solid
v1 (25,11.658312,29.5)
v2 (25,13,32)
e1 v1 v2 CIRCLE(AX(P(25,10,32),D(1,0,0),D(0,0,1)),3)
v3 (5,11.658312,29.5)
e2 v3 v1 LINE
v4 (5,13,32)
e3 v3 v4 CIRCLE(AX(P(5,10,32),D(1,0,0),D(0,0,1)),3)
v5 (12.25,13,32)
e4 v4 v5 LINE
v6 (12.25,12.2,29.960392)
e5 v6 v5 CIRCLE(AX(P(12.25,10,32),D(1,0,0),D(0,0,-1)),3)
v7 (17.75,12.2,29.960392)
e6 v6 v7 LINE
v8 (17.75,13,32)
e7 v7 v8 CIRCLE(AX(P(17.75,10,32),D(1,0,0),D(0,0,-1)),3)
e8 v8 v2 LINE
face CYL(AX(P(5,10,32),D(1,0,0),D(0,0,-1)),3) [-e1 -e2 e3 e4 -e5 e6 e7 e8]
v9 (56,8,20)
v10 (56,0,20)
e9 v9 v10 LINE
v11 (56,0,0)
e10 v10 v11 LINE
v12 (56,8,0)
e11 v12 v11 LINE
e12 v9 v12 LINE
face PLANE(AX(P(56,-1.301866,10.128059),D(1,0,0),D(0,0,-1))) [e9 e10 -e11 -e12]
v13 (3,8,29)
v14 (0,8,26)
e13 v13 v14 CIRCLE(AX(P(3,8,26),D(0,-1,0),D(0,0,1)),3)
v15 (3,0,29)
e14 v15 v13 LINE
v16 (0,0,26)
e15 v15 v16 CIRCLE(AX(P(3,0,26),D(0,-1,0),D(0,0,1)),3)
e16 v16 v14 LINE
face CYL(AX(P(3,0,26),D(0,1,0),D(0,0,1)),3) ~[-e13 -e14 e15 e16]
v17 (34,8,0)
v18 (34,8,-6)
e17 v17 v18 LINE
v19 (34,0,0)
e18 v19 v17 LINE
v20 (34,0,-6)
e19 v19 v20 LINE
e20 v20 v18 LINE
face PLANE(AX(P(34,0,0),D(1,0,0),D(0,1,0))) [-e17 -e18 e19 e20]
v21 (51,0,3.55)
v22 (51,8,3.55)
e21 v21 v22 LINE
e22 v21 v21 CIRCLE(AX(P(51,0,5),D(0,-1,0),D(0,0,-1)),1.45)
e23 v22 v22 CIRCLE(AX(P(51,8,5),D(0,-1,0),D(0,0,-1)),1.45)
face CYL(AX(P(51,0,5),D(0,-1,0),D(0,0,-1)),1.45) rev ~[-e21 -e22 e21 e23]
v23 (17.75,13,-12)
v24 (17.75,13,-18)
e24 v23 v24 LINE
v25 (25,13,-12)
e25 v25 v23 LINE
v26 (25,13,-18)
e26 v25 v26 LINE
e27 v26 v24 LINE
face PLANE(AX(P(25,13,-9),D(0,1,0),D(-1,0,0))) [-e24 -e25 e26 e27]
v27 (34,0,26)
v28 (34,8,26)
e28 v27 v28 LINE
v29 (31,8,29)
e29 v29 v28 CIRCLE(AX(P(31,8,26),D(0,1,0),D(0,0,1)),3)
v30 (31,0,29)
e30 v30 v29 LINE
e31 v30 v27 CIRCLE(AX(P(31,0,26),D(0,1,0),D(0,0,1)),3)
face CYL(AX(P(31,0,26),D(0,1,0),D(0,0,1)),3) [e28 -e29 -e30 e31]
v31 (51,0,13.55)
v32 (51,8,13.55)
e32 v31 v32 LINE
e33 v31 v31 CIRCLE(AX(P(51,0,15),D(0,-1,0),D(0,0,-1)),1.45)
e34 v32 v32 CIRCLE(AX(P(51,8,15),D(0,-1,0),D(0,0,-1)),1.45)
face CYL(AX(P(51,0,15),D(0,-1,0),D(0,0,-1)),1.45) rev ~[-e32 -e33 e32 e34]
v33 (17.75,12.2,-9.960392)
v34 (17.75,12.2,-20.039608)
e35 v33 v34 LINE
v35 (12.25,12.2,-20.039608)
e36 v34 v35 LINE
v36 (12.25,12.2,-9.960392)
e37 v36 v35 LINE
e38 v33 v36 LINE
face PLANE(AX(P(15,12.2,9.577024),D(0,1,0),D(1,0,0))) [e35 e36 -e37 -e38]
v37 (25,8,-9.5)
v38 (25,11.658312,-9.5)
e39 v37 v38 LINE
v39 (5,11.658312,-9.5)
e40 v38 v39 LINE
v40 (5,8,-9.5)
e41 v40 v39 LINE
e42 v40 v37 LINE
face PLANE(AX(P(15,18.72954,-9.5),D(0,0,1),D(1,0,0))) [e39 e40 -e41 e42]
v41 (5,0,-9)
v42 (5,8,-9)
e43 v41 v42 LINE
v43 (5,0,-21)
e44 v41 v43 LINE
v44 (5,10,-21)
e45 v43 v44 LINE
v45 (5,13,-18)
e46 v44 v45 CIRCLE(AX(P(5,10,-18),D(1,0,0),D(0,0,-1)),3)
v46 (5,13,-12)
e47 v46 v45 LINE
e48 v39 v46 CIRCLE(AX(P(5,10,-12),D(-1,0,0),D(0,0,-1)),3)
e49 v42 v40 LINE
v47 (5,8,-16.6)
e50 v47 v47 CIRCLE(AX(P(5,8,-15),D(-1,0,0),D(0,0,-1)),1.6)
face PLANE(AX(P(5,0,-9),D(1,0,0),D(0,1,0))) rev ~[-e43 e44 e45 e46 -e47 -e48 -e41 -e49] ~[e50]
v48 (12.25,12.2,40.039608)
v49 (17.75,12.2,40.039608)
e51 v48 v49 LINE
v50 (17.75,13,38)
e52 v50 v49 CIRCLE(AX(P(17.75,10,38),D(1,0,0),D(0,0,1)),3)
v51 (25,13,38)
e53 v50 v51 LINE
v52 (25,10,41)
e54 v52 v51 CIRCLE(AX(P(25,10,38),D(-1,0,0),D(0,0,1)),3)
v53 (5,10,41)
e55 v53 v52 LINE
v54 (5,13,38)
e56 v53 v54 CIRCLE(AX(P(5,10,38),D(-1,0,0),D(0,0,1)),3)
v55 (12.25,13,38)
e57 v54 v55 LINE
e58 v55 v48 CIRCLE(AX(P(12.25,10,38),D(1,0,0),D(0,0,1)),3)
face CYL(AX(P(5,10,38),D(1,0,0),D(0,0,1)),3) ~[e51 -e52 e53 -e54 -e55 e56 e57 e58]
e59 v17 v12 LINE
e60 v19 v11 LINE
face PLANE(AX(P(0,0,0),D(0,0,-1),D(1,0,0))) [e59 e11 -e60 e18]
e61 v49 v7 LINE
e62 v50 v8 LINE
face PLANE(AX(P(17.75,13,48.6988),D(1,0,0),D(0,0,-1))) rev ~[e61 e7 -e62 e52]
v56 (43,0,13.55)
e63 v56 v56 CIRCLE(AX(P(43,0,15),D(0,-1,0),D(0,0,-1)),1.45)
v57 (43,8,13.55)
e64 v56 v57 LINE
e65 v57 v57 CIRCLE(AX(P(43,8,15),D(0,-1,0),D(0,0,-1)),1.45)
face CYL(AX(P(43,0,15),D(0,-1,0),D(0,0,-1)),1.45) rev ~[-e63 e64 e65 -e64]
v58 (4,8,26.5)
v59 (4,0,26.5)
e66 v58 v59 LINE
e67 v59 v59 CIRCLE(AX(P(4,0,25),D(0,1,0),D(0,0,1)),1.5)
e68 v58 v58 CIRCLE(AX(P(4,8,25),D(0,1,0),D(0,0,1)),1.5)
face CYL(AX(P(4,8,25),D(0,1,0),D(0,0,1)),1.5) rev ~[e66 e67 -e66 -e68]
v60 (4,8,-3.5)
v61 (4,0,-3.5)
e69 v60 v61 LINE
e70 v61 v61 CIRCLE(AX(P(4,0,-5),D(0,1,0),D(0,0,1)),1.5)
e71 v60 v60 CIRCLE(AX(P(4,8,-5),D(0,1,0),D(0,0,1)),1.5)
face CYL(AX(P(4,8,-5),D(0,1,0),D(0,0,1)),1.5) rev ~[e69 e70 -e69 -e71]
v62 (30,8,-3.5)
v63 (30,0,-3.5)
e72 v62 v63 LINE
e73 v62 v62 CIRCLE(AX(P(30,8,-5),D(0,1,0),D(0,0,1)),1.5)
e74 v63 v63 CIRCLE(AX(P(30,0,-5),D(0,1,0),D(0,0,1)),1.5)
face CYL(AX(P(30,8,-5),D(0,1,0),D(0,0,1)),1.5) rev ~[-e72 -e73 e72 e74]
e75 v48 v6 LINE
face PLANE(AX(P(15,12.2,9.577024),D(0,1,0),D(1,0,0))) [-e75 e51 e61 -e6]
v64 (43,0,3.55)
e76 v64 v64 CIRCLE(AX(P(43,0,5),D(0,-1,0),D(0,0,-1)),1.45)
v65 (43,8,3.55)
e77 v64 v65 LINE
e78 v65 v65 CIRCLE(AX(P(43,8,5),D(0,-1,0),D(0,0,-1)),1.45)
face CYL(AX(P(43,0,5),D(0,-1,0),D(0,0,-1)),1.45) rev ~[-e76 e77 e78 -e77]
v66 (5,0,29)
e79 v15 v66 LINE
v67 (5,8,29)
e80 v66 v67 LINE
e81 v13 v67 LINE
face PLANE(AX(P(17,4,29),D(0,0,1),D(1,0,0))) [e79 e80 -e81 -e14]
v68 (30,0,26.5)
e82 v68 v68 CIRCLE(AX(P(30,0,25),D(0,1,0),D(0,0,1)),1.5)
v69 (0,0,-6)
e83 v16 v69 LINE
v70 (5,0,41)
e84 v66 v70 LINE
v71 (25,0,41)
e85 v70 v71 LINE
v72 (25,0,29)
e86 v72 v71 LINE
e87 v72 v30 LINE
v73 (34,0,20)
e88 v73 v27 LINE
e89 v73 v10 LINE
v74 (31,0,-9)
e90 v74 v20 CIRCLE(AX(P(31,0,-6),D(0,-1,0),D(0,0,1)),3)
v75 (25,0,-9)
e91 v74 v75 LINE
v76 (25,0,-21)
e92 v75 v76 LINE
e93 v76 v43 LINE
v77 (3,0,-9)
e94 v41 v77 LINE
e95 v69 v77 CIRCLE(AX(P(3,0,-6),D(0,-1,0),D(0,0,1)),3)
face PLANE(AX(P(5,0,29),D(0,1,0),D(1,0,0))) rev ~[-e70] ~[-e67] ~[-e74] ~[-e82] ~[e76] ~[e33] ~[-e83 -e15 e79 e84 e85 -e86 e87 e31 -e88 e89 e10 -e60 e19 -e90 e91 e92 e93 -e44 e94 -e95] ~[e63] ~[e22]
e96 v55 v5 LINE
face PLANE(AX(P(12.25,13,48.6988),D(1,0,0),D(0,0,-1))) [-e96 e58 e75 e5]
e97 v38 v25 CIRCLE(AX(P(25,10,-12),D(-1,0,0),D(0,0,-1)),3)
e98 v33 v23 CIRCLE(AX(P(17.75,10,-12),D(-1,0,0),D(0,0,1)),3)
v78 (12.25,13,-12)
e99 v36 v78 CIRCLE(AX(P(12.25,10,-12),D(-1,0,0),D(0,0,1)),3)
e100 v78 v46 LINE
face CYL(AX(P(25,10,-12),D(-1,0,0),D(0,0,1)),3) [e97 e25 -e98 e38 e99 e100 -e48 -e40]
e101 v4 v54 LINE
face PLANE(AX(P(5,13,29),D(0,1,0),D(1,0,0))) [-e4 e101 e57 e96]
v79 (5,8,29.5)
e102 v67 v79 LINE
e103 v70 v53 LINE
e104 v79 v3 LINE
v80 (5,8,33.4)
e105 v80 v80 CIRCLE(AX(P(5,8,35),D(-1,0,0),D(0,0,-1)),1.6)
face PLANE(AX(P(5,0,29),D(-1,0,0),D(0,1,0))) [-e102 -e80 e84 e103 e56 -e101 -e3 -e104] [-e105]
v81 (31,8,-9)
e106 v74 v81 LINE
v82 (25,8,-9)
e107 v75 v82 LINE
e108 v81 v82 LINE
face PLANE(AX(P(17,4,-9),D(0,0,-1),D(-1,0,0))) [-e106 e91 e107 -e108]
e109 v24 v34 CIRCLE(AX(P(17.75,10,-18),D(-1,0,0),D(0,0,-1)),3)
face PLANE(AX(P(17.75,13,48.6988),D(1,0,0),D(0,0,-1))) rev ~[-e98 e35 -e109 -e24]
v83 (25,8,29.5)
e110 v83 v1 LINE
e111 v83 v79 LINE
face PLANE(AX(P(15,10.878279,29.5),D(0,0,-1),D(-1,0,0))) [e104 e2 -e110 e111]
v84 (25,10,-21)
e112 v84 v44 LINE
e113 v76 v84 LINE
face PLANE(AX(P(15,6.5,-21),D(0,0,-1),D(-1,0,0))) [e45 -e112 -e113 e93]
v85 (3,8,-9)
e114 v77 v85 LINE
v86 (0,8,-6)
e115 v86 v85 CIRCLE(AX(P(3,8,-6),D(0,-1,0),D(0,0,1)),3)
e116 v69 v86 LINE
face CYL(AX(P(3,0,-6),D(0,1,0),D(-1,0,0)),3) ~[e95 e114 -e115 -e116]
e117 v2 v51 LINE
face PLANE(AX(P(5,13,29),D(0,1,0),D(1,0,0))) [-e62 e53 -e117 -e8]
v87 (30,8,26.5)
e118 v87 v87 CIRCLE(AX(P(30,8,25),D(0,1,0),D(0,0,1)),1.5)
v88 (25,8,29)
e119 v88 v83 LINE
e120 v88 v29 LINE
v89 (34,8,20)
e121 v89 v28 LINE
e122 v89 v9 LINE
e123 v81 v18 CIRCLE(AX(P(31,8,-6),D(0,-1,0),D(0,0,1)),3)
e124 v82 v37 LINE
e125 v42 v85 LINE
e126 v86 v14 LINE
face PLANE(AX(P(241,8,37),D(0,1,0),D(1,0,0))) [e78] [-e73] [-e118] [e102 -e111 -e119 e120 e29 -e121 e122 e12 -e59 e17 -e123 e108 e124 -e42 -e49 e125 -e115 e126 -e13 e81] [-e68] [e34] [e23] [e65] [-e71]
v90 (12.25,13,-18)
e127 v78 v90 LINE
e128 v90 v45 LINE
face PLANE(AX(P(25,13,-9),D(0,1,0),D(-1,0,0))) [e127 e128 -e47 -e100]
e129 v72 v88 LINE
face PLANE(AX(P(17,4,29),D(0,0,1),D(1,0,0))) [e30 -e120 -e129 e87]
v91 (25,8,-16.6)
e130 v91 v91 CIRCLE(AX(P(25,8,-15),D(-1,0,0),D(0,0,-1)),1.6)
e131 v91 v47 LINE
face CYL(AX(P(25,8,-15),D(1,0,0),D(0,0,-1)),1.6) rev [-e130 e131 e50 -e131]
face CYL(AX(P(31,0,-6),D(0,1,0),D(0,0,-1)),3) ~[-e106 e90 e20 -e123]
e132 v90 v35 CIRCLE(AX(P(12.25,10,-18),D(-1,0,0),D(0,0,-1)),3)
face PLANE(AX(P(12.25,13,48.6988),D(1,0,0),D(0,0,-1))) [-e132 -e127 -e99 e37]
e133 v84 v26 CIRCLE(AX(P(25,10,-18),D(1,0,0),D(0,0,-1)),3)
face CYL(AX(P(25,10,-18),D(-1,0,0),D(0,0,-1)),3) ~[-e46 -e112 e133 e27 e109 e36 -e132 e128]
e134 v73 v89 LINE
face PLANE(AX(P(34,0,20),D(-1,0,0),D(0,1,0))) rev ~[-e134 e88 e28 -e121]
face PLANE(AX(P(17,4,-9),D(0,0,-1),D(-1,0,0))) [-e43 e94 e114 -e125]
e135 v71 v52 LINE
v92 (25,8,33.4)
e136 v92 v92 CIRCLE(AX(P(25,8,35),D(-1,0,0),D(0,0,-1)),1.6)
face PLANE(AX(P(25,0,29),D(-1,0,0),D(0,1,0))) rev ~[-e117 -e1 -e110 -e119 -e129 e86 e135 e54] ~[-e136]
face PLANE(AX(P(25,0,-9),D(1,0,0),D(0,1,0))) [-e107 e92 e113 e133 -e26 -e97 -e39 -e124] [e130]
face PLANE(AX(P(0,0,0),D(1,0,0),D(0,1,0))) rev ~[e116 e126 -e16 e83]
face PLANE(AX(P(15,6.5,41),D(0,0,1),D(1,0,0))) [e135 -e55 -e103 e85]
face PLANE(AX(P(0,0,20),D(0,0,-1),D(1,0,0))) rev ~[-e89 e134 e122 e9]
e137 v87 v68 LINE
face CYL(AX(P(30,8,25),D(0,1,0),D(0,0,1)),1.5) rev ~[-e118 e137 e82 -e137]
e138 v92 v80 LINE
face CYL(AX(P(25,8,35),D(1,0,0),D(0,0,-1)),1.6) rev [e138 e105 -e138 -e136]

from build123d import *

# Parameters (mm, degrees)
SKETCH1_W            = 300
SKETCH1_H            = 20
BOSS_EXTRUDE1_DEPTH  = 8
SKETCH2_W            = 34
SKETCH2_H            = 8
BOSS_EXTRUDE2_DEPTH  = 9
SKETCH3_W            = 34
SKETCH3_H            = 8
BOSS_EXTRUDE3_DEPTH  = 9
SKETCH4_R            = 1.5
CUT_EXTRUDE1_DEPTH   = 302.504560496
SKETCH5_W            = 25
SKETCH5_H            = 8
BOSS_EXTRUDE4_DEPTH  = 17
SKETCH6_W            = 25
SKETCH6_H            = 8
BOSS_EXTRUDE5_DEPTH  = 17
SKETCH7_W            = 10
SKETCH7_H            = 38
CUT_EXTRUDE2_DEPTH   = 303.37890138
SKETCH8_W            = 7
SKETCH8_H            = 16
CUT_EXTRUDE3_DEPTH   = 4
CUT_EXTRUDE4_DEPTH   = 7
BOSS_EXTRUDE6_DEPTH  = 10
SKETCH12_W           = 8
SKETCH12_H           = 8
BOSS_EXTRUDE7_DEPTH  = 17
SKETCH13_R           = 1.7
CUT_EXTRUDE6_DEPTH   = 305.926220585
SKETCH14_W           = 20
SKETCH14_H           = 13
BOSS_EXTRUDE8_DEPTH  = 12
SKETCH15_R           = 1.6
CUT_EXTRUDE7_DEPTH   = 20
SKETCH16_W           = 20
SKETCH16_H           = 13
BOSS_EXTRUDE9_DEPTH  = 12
SKETCH17_R           = 1.6
CUT_EXTRUDE8_DEPTH   = 20
SKETCH18_W           = 20
SKETCH18_H           = 13
BOSS_EXTRUDE10_DEPTH = 12
CUT_EXTRUDE9_START   = -20
SKETCH19_R           = 1.6
CUT_EXTRUDE9_DEPTH   = 20
SKETCH20_W           = 20
SKETCH20_H           = 13
BOSS_EXTRUDE11_DEPTH = 12
CUT_EXTRUDE10_START  = -20
SKETCH21_R           = 1.6
CUT_EXTRUDE10_DEPTH  = 20
FILLET6_R            = 3
SKETCH22_W           = 123.750788161
SKETCH22_H           = 72.639217631
CUT_EXTRUDE11_DEPTH  = 244
SKETCH23_R           = 1.45
CUT_EXTRUDE12_DEPTH  = 71.611613776
FILLET7_R            = 3
SKETCH24_W           = 5.5
SKETCH24_H           = 78.243551934
CUT_EXTRUDE13_DEPTH  = 0.8
SKETCH25_W           = 20
SKETCH25_H           = 5.75655834
CUT_EXTRUDE14_DEPTH  = 0.5
SKETCH26_W           = 20
SKETCH26_H           = 21.459079842
CUT_EXTRUDE15_DEPTH  = 0.5


with BuildPart() as part:
    # Sketch1 → Boss-Extrude1 (new body)
    with BuildSketch(Plane(origin=(0, 0, 0), x_dir=(1, 0, 0), z_dir=(0, 1, 0))):
        with Locations((150, -10)):
            Rectangle(SKETCH1_W, SKETCH1_H)
    extrude(amount=BOSS_EXTRUDE1_DEPTH)

    # Sketch2 → Boss-Extrude2 (add)
    with BuildSketch(Plane.XY.offset(20)):
        with Locations((17, 4)):
            Rectangle(SKETCH2_W, SKETCH2_H)
        with Locations((283, 4)):
            Rectangle(SKETCH2_W, SKETCH2_H)
    extrude(amount=BOSS_EXTRUDE2_DEPTH)

    # Sketch3 → Boss-Extrude3 (add)
    with BuildSketch(Plane(origin=(0, 0, 0), x_dir=(-1, 0, 0), z_dir=(0, 0, -1))):
        with Locations((-17, 4)):
            Rectangle(SKETCH3_W, SKETCH3_H)
        with Locations((-283, 4)):
            Rectangle(SKETCH3_W, SKETCH3_H)
    extrude(amount=BOSS_EXTRUDE3_DEPTH)

    # Sketch4 → Cut-Extrude1 (cut, through all)
    with BuildSketch(Plane(origin=(0, 8, 0), x_dir=(1, 0, 0), z_dir=(0, 1, 0))):
        with Locations(Location((4, 5, 0), (0, 0, 270))):
            Circle(SKETCH4_R)
        with Locations(Location((30, 5, 0), (0, 0, 270))):
            Circle(SKETCH4_R)
        with Locations(Location((30, -25, 0), (0, 0, 270))):
            Circle(SKETCH4_R)
        with Locations(Location((4, -25, 0), (0, 0, 270))):
            Circle(SKETCH4_R)
        with Locations(Location((296, -25, 0), (0, 0, 270))):
            Circle(SKETCH4_R)
        with Locations(Location((296, 5, 0), (0, 0, 270))):
            Circle(SKETCH4_R)
        with Locations(Location((270, -25, 0), (0, 0, 270))):
            Circle(SKETCH4_R)
        with Locations(Location((270, 5, 0), (0, 0, 270))):
            Circle(SKETCH4_R)
    extrude(amount=-CUT_EXTRUDE1_DEPTH, mode=Mode.SUBTRACT)

    # Sketch5 → Boss-Extrude4 (add)
    with BuildSketch(Plane.XY.offset(20)):
        with Locations((253.5, 4)):
            Rectangle(SKETCH5_W, SKETCH5_H)
    extrude(amount=BOSS_EXTRUDE4_DEPTH)

    # Sketch6 → Boss-Extrude5 (add)
    with BuildSketch(Plane(origin=(0, 0, 0), x_dir=(-1, 0, 0), z_dir=(0, 0, -1))):
        with Locations((-253.5, 4)):
            Rectangle(SKETCH6_W, SKETCH6_H)
    extrude(amount=BOSS_EXTRUDE5_DEPTH)

    # Sketch7 → Cut-Extrude2 (cut, through all)
    with BuildSketch(Plane(origin=(0, 8, 0), x_dir=(1, 0, 0), z_dir=(0, 1, 0))):
        with Locations((254, -10)):
            Rectangle(SKETCH7_W, SKETCH7_H)
    extrude(amount=-CUT_EXTRUDE2_DEPTH, mode=Mode.SUBTRACT)

    # Sketch8 → Cut-Extrude3 (cut)
    with BuildSketch(Plane(origin=(0, 8, 0), x_dir=(1, 0, 0), z_dir=(0, 1, 0))):
        with Locations((262.5, -10)):
            Rectangle(SKETCH8_W, SKETCH8_H)
    extrude(amount=-CUT_EXTRUDE3_DEPTH, mode=Mode.SUBTRACT)

    # Sketch9 → Cut-Extrude4 (cut)
    with BuildSketch(Plane.ZY.offset(-259)):
        Polygon((18, 4), (22, 8), (18, 8), align=None)
        Polygon((2, 4), (-2, 8), (2, 8), align=None)
    extrude(amount=-CUT_EXTRUDE4_DEPTH, mode=Mode.SUBTRACT)

    # Sketch10 → Boss-Extrude6 (add)
    with BuildSketch(Plane.ZY.offset(-259)):
        Polygon((-2, 0), (-9, 8), (-9, 0), align=None)
        Polygon((29, 8), (22, 0), (29, 0), align=None)
    extrude(amount=BOSS_EXTRUDE6_DEPTH)

    # Sketch12 → Boss-Extrude7 (add)
    with BuildSketch(Plane.XY.offset(37)):
        with Locations((245, 4)):
            Rectangle(SKETCH12_W, SKETCH12_H)
    extrude(amount=BOSS_EXTRUDE7_DEPTH)

    # Sketch13 → Cut-Extrude6 (cut, through all)
    with BuildSketch(Plane(origin=(0, 8, 0), x_dir=(1, 0, 0), z_dir=(0, 1, 0))):
        with Locations(Location((245, -50, 0), (0, 0, 270))):
            Circle(SKETCH13_R)
        with Locations(Location((245, -18, 0), (0, 0, 270))):
            Circle(SKETCH13_R)
    extrude(amount=-CUT_EXTRUDE6_DEPTH, mode=Mode.SUBTRACT)

    # Sketch14 → Boss-Extrude8 (add)
    with BuildSketch(Plane.XY.offset(29)):
        with Locations((285, 6.5)):
            Rectangle(SKETCH14_W, SKETCH14_H)
    extrude(amount=BOSS_EXTRUDE8_DEPTH)

    # Sketch15 → Cut-Extrude7 (cut)
    with BuildSketch(Plane(origin=(295, 0, 0), x_dir=(0, 0, -1), z_dir=(1, 0, 0))):
        with Locations((-35, 8)):
            Circle(SKETCH15_R)
    extrude(amount=-CUT_EXTRUDE7_DEPTH, mode=Mode.SUBTRACT)

    # Sketch16 → Boss-Extrude9 (add)
    with BuildSketch(Plane(origin=(0, 0, -9), x_dir=(-1, 0, 0), z_dir=(0, 0, -1))):
        with Locations((-285, 6.5)):
            Rectangle(SKETCH16_W, SKETCH16_H)
    extrude(amount=BOSS_EXTRUDE9_DEPTH)

    # Sketch17 → Cut-Extrude8 (cut)
    with BuildSketch(Plane(origin=(295, 0, 0), x_dir=(0, 0, -1), z_dir=(1, 0, 0))):
        with Locations((15, 8)):
            Circle(SKETCH17_R)
    extrude(amount=-CUT_EXTRUDE8_DEPTH, mode=Mode.SUBTRACT)

    # Sketch18 → Boss-Extrude10 (add)
    with BuildSketch(Plane(origin=(0, 0, -9), x_dir=(-1, 0, 0), z_dir=(0, 0, -1))):
        with Locations((-15, 6.5)):
            Rectangle(SKETCH18_W, SKETCH18_H)
    extrude(amount=BOSS_EXTRUDE10_DEPTH)

    # Sketch19 → Cut-Extrude9 (cut)
    with BuildSketch(Plane.ZY.offset(-5).offset(CUT_EXTRUDE9_START)):
        with Locations(Location((-15, 8, 0), (0, 0, 180))):
            Circle(SKETCH19_R)
    extrude(amount=CUT_EXTRUDE9_DEPTH, mode=Mode.SUBTRACT)

    # Sketch20 → Boss-Extrude11 (add)
    with BuildSketch(Plane.XY.offset(29)):
        with Locations((15, 6.5)):
            Rectangle(SKETCH20_W, SKETCH20_H)
    extrude(amount=BOSS_EXTRUDE11_DEPTH)

    # Sketch21 → Cut-Extrude10 (cut)
    with BuildSketch(Plane.ZY.offset(-5).offset(CUT_EXTRUDE10_START)):
        with Locations(Location((35, 8, 0), (0, 0, 180))):
            Circle(SKETCH21_R)
    extrude(amount=CUT_EXTRUDE10_DEPTH, mode=Mode.SUBTRACT)

    # Fillet6
    fillet6_edges = [part.edges().sort_by_distance(p)[0] for p in [
        (285, 13, 29),
        (285, 13, 41),
        (285, 13, -9),
        (285, 13, -21),
        (15, 13, -9),
        (15, 13, -21),
        (15, 13, 29),
        (15, 13, 41),
    ]]
    fillet(fillet6_edges, radius=FILLET6_R)

    # Sketch22 → Cut-Extrude11 (cut)
    with BuildSketch(Plane(origin=(300, 0, 0), x_dir=(0, 0, -1), z_dir=(1, 0, 0))):
        with Locations((-10.128058827, -1.301866478)):
            Rectangle(SKETCH22_W, SKETCH22_H)
    extrude(amount=-CUT_EXTRUDE11_DEPTH, mode=Mode.SUBTRACT)

    # Sketch23 → Cut-Extrude12 (cut, through all)
    with BuildSketch(Plane(origin=(0, 0, 0), x_dir=(-1, 0, 0), z_dir=(0, -1, 0))):
        with Locations(Location((-51, -5, 0), (0, 0, 90))):
            Circle(SKETCH23_R)
        with Locations(Location((-51, -15, 0), (0, 0, 90))):
            Circle(SKETCH23_R)
        with Locations(Location((-43, -5, 0), (0, 0, 90))):
            Circle(SKETCH23_R)
        with Locations(Location((-43, -15, 0), (0, 0, 90))):
            Circle(SKETCH23_R)
    extrude(amount=-CUT_EXTRUDE12_DEPTH, mode=Mode.SUBTRACT)

    # Fillet7
    fillet7_edges = [part.edges().sort_by_distance(p)[0] for p in [
        (0, 4, 29),
        (34, 4, 29),
        (0, 4, -9),
        (34, 4, -9),
    ]]
    fillet(fillet7_edges, radius=FILLET7_R)

    # Sketch24 → Cut-Extrude13 (cut)
    with BuildSketch(Plane(origin=(0, 13, 0), x_dir=(1, 0, 0), z_dir=(0, 1, 0))):
        with Locations((15, -9.577024089)):
            Rectangle(SKETCH24_W, SKETCH24_H)
    extrude(amount=-CUT_EXTRUDE13_DEPTH, mode=Mode.SUBTRACT)

    # Sketch25 → Cut-Extrude14 (cut)
    with BuildSketch(Plane(origin=(0, 0, 29), x_dir=(-1, 0, 0), z_dir=(0, 0, -1))):
        with Locations((-15, 10.87827917)):
            Rectangle(SKETCH25_W, SKETCH25_H)
    extrude(amount=-CUT_EXTRUDE14_DEPTH, mode=Mode.SUBTRACT)

    # Sketch26 → Cut-Extrude15 (cut)
    with BuildSketch(Plane.XY.offset(-9)):
        with Locations((15, 18.729539921)):
            Rectangle(SKETCH26_W, SKETCH26_H)
    extrude(amount=-CUT_EXTRUDE15_DEPTH, mode=Mode.SUBTRACT)


solid = part.part
